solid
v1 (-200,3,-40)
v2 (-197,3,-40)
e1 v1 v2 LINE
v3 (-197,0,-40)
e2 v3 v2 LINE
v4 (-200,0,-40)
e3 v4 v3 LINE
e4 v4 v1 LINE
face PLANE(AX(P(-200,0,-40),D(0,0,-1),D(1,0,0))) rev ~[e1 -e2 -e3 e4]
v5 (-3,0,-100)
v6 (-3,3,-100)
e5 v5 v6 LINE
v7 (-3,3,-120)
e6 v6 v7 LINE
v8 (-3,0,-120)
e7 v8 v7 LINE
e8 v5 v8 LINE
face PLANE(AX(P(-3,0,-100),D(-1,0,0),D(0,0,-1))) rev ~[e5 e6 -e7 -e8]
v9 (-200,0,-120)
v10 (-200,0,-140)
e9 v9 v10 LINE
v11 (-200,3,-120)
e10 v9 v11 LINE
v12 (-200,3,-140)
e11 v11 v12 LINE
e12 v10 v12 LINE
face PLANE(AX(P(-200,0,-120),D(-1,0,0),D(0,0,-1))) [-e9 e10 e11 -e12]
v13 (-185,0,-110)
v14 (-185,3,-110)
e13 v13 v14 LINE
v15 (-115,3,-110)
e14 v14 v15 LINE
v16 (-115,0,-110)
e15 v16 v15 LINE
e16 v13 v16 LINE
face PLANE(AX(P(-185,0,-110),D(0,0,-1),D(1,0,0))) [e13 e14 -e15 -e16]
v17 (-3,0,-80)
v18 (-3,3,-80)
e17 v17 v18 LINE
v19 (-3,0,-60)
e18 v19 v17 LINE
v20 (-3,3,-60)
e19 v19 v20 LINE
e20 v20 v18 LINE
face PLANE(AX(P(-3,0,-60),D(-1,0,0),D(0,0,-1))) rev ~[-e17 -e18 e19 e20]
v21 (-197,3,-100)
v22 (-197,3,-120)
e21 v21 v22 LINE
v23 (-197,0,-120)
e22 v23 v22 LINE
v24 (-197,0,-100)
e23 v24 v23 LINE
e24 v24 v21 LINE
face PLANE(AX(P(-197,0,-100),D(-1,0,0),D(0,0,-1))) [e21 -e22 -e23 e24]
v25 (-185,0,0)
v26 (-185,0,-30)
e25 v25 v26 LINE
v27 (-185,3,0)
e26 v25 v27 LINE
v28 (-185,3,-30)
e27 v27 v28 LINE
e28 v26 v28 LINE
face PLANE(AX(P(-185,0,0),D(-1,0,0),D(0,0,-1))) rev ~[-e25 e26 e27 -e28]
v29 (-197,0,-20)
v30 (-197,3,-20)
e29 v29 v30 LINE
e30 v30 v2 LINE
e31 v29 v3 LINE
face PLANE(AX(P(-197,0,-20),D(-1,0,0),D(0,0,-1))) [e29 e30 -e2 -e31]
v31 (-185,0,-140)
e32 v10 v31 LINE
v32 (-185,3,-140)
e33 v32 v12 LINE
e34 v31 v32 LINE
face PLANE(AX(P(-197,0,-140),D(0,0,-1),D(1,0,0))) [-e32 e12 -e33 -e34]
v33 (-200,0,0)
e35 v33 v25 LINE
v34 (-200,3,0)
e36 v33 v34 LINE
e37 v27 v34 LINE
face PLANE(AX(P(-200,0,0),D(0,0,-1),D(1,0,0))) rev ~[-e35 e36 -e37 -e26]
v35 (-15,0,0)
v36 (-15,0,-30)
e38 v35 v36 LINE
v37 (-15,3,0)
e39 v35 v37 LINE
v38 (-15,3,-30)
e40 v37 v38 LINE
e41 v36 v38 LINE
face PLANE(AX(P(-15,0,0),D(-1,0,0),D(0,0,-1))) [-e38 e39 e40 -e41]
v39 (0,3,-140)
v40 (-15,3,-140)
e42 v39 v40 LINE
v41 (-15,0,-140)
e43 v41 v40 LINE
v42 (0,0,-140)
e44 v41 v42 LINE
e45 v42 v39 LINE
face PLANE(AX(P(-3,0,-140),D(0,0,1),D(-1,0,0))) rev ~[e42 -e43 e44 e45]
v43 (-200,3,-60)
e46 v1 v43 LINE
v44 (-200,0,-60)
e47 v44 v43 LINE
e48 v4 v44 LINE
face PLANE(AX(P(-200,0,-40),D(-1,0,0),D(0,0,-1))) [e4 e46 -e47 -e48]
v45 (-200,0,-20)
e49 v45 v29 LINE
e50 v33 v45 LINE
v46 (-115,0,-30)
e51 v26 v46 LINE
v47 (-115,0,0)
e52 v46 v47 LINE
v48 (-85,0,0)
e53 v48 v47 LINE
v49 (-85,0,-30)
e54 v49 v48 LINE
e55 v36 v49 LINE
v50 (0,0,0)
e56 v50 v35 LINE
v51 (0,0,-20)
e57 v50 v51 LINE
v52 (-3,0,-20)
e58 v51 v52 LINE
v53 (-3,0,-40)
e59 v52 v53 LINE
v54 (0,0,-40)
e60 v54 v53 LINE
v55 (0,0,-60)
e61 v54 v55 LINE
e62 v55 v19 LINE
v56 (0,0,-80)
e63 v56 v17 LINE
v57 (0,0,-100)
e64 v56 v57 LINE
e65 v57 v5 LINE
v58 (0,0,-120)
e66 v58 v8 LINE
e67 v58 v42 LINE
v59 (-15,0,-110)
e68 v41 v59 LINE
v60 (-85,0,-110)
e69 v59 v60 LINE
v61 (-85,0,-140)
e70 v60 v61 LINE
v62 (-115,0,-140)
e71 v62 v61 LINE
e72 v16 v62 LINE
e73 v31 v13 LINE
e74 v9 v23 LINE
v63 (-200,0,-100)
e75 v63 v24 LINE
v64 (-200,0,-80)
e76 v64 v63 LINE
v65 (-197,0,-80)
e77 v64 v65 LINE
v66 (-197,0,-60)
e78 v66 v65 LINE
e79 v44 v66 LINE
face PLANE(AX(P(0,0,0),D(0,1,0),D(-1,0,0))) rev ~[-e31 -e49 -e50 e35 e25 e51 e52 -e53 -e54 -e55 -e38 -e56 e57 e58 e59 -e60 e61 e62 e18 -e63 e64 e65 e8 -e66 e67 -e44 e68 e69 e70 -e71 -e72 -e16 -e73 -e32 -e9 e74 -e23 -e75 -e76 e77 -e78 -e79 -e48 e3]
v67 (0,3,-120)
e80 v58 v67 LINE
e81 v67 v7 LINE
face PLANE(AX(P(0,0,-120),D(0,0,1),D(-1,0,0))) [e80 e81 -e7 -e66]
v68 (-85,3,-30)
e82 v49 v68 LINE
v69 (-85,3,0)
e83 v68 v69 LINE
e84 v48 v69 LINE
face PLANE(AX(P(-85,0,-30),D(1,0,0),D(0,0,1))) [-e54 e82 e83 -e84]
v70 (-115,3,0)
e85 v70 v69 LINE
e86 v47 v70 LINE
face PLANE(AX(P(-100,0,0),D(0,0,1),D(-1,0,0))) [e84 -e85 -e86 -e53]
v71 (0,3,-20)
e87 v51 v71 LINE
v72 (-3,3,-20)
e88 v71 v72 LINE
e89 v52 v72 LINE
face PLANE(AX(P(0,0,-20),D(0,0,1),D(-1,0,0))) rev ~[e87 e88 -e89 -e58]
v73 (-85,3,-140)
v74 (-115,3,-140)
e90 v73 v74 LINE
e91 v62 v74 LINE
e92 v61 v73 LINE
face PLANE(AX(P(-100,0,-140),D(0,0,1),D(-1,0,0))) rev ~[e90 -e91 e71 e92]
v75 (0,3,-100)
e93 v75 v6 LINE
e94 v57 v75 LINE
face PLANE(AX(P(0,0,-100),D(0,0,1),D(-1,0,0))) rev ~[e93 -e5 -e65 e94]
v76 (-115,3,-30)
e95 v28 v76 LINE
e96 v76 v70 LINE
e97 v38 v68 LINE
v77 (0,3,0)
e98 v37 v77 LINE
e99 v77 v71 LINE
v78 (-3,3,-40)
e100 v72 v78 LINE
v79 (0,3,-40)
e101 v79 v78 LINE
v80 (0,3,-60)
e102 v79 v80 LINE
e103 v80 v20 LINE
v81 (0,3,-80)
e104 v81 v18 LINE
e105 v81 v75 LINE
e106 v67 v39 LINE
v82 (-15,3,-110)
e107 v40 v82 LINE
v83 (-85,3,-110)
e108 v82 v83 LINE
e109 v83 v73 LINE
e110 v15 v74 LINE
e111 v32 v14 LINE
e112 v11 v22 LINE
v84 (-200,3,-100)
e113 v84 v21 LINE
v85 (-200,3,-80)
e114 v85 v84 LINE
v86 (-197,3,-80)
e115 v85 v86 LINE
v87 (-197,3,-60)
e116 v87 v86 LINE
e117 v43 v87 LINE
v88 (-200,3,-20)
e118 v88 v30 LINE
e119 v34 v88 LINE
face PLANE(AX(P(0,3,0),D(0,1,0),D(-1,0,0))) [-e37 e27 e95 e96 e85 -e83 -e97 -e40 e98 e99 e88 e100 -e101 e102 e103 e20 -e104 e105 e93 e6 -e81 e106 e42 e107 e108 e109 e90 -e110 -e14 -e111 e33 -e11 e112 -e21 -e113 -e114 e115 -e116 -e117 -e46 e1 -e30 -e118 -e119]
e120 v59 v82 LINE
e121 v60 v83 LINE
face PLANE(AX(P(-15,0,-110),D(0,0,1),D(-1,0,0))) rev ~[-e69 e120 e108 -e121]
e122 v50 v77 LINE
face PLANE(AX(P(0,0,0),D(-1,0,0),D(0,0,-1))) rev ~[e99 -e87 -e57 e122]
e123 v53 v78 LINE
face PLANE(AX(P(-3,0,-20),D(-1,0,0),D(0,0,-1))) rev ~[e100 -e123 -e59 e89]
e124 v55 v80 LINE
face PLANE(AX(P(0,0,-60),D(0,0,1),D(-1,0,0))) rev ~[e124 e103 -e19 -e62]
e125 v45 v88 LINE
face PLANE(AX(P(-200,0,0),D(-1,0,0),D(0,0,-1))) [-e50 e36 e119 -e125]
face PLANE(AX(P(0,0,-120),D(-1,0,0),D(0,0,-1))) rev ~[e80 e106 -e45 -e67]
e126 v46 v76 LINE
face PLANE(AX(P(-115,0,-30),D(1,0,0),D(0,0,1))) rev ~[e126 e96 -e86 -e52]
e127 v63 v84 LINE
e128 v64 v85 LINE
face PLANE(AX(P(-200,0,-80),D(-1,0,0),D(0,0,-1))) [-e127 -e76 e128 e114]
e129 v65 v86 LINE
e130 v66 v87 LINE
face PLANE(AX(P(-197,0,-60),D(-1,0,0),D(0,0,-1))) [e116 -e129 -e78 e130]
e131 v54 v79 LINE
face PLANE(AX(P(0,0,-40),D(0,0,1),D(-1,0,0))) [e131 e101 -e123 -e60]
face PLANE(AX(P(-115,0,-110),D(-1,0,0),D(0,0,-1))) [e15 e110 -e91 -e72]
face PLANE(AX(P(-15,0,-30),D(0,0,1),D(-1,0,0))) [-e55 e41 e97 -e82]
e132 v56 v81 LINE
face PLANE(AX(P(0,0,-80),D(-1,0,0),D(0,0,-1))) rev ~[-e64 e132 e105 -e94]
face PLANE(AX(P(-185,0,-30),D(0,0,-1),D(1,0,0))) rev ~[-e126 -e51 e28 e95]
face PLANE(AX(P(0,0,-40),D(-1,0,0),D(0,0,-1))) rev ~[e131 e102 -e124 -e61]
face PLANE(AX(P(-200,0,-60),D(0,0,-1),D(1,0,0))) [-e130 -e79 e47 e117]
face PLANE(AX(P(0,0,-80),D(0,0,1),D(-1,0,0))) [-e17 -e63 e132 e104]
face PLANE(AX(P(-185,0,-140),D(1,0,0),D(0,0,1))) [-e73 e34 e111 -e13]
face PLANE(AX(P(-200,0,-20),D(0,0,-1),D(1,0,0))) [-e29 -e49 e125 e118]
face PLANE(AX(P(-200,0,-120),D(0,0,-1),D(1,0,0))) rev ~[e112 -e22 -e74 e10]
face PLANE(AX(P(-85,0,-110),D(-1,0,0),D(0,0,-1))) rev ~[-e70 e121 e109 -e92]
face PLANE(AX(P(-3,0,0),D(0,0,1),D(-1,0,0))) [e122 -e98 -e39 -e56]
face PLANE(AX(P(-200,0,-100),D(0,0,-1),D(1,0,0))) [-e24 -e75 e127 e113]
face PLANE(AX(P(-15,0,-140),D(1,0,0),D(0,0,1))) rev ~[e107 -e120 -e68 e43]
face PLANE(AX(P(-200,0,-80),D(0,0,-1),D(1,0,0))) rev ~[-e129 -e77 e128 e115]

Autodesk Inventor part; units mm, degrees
ref_plane "YZ Plane" through (0, 0, 0) normal (1, 0, 0) x (0, 1, 0)
ref_plane "XZ Plane" through (0, 0, 0) normal (0, 1, 0) x (-1, 0, 0)
ref_plane "XY Plane" through (0, 0, 0) normal (0, 0, 1) x (1, 0, 0)
sketch "Sketch1" plane through (0, 0, 0) normal (0, 1, 0) x (-1, 0, 0)
  line L0 (200, 0) -> (185, 0)
  line L1 (200, 0) -> (215, 0) construction
  line L2 (185, 0) -> (185, -30)
  line L3 (185, -30) -> (115, -30)
  line L4 (115, -30) -> (115, 0)
  line L5 (200, -140) -> (185, -140)
  line L6 (200, -140) -> (215, -140) construction
  line L7 (185, -140) -> (185, -110)
  line L8 (185, -110) -> (115, -110)
  line L9 (115, -110) -> (115, -140)
  line L10 (200, 0) -> (197, 0)
  line L11 (197, 0) -> (197, -140)
  line L12 (197, 0) -> (337, 0) construction
  line L13 (200, 0) -> (200, -20)
  line L14 (200, -20) -> (200, -40)
  line L15 (200, -40) -> (200, -60)
  line L16 (200, -60) -> (200, -80)
  line L17 (200, -80) -> (200, -100)
  line L18 (200, -100) -> (200, -120)
  line L19 (200, -120) -> (200, -140)
  line L20 (200, -20) -> (197, -20)
  line L21 (200, -40) -> (197, -40)
  line L22 (200, -60) -> (197, -60)
  line L23 (200, -80) -> (197, -80)
  line L24 (200, -100) -> (197, -100)
  line L25 (200, -120) -> (197, -120)
  line L26 (100, 0) -> (100, -140)
  line L27 (100, -140) -> (200, -140)
  line L28 (100, 0) -> (200, 0)
  line L29 (0, 0) -> (15, 0)
  line L30 (0, 0) -> (-15, 0) construction
  line L31 (15, 0) -> (15, -30)
  line L32 (15, -30) -> (85, -30)
  line L33 (85, -30) -> (85, 0)
  line L34 (85, -110) -> (85, -140)
  line L35 (15, -140) -> (15, -110)
  line L36 (15, -110) -> (85, -110)
  line L37 (0, -140) -> (15, -140)
  line L38 (0, -140) -> (-15, -140) construction
  line L39 (0, 0) -> (3, 0)
  line L40 (3, 0) -> (3, -140)
  line L41 (3, 0) -> (-137, 0) construction
  line L42 (0, 0) -> (0, -20)
  line L43 (0, -20) -> (0, -40)
  line L44 (0, -40) -> (0, -60)
  line L45 (0, -60) -> (0, -80)
  line L46 (0, -80) -> (0, -100)
  line L47 (0, -100) -> (0, -120)
  line L48 (0, -120) -> (0, -140)
  line L49 (0, -20) -> (3, -20)
  line L50 (0, -40) -> (3, -40)
  line L51 (0, -60) -> (3, -60)
  line L52 (0, -80) -> (3, -80)
  line L53 (0, -100) -> (3, -100)
  line L54 (0, -120) -> (3, -120)
  line L55 (100, -140) -> (0, -140)
  line L56 (100, 0) -> (0, 0)
  dimension "d2" = 15
  dimension "d3" = 180
  dimension "d4" = 30
  dimension "d5" = 70
  dimension "d6" = 90
  dimension "d12" = 3
  dimension "d13" = 140
  dimension "d14" = 90
  dimension "d15" = 20
  dimension "d16" = 20
  dimension "d17" = 20
  dimension "d18" = 20
  dimension "d19" = 20
  dimension "d20" = 20
  dimension "d21" = 20
extrude "Extrusion1" add sketch "Sketch1" along normal blind 3 contours L13 L20 L11 L0 | L11 L5 L7 L8 L9 L27 L26 L28 L4 L3 L2 L0 | L15 L22 L11 L21 | L26 L55 L34 L36 L35 L37 L40 L29 L31 L32 L33 L56 | L17 L24 L11 L23 | L19 L5 L11 L25 | L40 L49 L42 L29 | L37 L48 L54 L40 | L40 L51 L44 L50 | L53 L46 L52 L40
properties part number "onderkant"
